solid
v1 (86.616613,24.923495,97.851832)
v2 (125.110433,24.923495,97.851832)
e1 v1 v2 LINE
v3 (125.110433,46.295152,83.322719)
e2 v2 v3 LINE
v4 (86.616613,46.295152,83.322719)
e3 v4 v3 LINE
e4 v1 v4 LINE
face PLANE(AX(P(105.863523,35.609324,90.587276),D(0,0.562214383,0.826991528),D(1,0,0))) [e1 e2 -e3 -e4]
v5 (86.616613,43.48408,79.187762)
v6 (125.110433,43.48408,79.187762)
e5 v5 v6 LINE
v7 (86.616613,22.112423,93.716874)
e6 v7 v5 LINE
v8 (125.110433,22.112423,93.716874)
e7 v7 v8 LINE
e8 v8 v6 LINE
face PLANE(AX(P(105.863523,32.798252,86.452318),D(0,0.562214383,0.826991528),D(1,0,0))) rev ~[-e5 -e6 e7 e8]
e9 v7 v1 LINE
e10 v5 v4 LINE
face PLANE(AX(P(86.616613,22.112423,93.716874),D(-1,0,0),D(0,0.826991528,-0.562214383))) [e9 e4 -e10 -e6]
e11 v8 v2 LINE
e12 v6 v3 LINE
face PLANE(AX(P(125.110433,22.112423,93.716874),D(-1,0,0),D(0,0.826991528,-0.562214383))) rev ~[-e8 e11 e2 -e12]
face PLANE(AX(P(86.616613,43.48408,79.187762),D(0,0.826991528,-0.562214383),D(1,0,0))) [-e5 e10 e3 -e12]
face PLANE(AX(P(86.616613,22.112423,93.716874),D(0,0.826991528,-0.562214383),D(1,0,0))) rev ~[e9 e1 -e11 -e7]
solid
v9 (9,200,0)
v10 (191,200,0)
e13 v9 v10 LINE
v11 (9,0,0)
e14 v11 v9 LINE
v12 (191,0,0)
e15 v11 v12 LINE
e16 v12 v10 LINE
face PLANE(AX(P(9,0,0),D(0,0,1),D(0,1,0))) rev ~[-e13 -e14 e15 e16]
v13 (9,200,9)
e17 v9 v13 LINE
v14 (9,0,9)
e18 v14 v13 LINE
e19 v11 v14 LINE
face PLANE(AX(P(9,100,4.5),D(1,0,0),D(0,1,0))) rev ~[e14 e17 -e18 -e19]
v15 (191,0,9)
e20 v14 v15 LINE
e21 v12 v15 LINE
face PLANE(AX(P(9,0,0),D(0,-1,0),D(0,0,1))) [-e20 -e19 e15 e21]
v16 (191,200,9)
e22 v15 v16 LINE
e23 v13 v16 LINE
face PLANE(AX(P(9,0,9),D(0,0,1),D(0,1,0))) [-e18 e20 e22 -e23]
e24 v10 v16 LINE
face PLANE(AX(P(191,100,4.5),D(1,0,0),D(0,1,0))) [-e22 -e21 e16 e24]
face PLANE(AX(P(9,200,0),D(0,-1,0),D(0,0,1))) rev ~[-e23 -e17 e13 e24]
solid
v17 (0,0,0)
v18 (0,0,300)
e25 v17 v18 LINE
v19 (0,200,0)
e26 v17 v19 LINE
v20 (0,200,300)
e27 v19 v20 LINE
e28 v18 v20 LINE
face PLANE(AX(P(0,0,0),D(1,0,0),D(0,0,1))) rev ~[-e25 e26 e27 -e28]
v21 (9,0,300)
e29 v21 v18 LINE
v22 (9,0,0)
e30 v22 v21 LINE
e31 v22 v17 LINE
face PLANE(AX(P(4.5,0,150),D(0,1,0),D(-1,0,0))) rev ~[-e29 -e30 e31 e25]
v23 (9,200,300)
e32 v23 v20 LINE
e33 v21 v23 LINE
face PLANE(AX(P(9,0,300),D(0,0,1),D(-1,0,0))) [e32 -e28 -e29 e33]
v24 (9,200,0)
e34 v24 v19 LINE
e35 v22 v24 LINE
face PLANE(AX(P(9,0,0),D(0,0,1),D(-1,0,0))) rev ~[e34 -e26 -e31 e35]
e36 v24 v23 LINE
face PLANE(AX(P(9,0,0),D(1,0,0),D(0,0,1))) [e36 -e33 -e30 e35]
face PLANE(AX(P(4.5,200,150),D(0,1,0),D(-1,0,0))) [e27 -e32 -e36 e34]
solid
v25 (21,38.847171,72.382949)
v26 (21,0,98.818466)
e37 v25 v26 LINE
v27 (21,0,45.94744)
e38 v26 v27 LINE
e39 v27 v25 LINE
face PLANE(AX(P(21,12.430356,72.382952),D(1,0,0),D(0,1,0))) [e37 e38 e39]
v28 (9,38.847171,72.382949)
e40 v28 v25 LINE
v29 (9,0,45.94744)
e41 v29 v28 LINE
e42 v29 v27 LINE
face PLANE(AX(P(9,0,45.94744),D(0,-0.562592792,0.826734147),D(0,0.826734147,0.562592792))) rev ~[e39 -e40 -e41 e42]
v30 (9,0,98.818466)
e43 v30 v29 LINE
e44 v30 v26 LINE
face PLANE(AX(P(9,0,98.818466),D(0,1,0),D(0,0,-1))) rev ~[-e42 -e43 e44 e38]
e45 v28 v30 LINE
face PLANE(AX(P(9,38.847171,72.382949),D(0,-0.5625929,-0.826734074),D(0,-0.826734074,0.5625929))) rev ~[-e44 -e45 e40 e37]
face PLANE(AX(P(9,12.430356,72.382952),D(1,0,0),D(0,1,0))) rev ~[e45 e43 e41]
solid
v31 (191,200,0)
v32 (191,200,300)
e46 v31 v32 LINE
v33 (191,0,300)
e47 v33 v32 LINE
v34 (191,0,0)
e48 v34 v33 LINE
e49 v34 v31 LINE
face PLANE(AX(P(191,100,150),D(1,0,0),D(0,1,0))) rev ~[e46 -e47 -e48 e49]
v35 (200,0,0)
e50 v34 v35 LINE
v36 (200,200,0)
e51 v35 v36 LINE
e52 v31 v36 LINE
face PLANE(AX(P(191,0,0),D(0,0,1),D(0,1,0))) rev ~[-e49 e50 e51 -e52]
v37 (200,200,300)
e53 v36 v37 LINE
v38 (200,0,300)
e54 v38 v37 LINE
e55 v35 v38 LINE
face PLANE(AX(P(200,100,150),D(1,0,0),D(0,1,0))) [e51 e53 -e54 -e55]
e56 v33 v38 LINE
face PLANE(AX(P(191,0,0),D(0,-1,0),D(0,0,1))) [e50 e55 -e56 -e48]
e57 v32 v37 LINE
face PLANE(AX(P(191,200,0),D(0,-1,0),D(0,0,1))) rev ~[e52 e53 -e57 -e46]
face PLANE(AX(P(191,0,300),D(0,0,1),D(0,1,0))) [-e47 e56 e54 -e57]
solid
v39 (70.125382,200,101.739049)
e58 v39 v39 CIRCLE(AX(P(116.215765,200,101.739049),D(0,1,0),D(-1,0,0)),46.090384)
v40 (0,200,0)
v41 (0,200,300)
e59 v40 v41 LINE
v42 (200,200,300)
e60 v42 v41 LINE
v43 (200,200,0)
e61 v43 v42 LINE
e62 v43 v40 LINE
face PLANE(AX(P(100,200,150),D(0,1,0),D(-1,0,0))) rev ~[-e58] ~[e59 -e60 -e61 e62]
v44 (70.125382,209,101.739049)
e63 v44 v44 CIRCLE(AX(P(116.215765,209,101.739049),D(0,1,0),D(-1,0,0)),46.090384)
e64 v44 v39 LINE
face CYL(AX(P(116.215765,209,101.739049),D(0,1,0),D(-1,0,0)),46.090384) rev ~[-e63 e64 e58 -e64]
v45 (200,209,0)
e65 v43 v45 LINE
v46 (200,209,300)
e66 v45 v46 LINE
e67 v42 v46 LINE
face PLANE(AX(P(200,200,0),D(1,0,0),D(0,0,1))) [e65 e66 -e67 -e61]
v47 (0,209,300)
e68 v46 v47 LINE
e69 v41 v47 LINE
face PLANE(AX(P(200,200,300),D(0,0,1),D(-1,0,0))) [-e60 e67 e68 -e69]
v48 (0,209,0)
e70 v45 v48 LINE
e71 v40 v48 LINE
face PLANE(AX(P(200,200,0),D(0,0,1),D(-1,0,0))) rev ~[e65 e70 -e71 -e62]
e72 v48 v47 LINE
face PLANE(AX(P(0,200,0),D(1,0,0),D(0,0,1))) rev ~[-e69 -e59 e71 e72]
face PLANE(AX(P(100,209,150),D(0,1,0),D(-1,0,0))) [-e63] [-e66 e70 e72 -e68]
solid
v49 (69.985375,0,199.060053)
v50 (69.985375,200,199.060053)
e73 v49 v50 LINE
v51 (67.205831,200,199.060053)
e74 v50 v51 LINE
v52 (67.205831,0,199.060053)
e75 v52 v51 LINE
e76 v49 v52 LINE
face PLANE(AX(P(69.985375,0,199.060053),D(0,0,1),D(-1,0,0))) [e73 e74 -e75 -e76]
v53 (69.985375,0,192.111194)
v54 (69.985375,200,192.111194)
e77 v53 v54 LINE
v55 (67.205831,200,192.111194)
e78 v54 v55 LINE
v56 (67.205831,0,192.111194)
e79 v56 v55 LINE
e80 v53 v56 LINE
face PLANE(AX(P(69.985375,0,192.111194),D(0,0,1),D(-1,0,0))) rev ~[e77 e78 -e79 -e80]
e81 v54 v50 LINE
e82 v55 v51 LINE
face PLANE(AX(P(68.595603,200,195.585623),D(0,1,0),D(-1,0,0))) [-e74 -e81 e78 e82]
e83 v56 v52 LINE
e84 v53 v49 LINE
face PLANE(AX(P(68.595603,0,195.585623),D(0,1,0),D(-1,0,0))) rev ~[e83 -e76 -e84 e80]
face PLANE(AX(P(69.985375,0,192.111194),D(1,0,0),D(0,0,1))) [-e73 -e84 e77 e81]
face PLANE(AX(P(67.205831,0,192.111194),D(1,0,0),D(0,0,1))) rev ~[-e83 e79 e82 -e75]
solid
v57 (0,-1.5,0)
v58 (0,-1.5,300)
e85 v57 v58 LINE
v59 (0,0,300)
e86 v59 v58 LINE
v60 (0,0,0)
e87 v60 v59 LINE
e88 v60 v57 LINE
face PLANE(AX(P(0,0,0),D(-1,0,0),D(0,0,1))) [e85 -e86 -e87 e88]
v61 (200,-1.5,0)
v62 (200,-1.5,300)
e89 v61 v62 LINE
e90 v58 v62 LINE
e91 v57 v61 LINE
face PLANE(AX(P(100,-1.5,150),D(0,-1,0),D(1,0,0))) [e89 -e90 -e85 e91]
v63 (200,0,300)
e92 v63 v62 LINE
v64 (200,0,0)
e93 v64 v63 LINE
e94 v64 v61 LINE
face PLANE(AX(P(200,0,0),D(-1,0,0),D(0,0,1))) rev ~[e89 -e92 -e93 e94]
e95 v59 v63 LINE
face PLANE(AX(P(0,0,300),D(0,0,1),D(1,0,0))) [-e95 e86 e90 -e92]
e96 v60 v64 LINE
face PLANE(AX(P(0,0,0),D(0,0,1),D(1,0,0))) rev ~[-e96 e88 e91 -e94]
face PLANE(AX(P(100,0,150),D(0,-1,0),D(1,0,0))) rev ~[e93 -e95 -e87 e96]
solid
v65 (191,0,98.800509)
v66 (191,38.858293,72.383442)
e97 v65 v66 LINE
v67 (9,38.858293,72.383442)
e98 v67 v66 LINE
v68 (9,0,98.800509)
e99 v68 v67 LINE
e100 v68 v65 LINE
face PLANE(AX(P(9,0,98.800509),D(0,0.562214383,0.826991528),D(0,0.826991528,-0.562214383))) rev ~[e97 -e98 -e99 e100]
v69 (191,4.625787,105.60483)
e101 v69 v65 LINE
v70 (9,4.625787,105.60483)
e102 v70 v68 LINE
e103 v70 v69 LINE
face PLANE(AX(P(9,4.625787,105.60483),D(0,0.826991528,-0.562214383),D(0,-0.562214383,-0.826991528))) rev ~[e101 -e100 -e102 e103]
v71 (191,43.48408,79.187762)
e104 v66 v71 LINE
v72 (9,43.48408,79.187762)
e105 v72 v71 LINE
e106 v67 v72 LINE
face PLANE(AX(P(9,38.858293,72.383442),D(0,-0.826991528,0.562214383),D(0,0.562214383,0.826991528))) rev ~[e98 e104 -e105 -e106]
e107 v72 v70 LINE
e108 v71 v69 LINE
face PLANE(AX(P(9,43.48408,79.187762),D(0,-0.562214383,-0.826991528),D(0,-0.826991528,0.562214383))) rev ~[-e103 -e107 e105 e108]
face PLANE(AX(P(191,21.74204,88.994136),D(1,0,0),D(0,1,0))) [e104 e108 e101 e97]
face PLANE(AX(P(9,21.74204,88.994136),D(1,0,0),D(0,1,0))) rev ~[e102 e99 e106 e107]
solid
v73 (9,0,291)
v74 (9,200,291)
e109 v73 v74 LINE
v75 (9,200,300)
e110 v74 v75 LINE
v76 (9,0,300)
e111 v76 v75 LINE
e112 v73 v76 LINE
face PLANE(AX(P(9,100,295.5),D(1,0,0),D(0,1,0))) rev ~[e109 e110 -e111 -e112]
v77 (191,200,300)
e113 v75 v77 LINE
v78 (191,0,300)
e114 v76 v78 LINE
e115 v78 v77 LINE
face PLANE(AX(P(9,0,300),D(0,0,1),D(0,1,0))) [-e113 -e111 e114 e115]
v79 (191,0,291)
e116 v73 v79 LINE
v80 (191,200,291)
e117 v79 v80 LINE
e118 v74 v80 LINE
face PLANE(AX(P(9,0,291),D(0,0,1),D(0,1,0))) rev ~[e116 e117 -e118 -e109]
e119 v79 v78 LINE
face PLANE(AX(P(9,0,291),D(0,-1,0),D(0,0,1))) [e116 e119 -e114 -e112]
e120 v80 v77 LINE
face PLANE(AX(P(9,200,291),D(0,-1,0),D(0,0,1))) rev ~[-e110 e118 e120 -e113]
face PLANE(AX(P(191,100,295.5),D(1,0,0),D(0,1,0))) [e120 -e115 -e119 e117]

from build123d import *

# Parameters (mm, degrees)
F0_W      = 200
F0_H      = 300
F1_DEPTH  = 1.5
F2_W      = 9
F2_H      = 300
F3_DEPTH  = 200
F2_W_2    = 2.7795433998
F2_H_2    = 6.9488584995
F5_DEPTH  = 12
F7_DEPTH  = 182
F8_W      = 38.4938195348
F8_H      = 25.8426551498
F9_DEPTH  = 5
F10_W     = 200
F10_H     = 9
F11_DEPTH = 182
F12_W     = 200
F12_H     = 9
F13_DEPTH = 182
F14_W     = 200
F14_H     = 300
F15_DEPTH = 9
F16_W     = 200
F16_H     = 300
F17_DEPTH = 9
F18_R     = 46.0903835616
F19_DEPTH = 9


with BuildPart() as f1:
    # F0 (on Front) → F1 (new body)
    with BuildSketch(Plane.XZ):
        with Locations((100, 150)):
            Rectangle(F0_W, F0_H)
    extrude(amount=F1_DEPTH)


with BuildPart() as f3:
    # F2 (on face) → F3 (new body)
    with BuildSketch(Plane(origin=(0, 0, 0), x_dir=(-1, 0, 0), z_dir=(0, 1, 0))):
        with Locations((-4.5, 150)):
            Rectangle(F2_W, F2_H)
    extrude(amount=F3_DEPTH)


with BuildPart() as f3b:
    # F2 (on face) → F3, piece 2 (new body)
    with BuildSketch(Plane(origin=(0, 0, 0), x_dir=(-1, 0, 0), z_dir=(0, 1, 0))):
        with Locations((-68.5956031084, 195.5856233835)):
            Rectangle(F2_W_2, F2_H_2)
    extrude(amount=F3_DEPTH)


with BuildPart() as f5:
    # F4 (on face) → F5 (new body)
    with BuildSketch(Plane.YZ.offset(9)):
        Polygon((38.8471707702, 72.3829492927), (0, 98.8184660673), (0, 45.9474399686), align=None)
    extrude(amount=F5_DEPTH)


with BuildPart() as f7:
    # F6 (on face) → F7 (new body)
    with BuildSketch(Plane.YZ.offset(9)):
        Polygon((0, 98.8005093836), (38.8582931021, 72.3834415504), (43.4840800956, 79.1877616951), (4.6257869935, 105.6048295283), align=None)
    extrude(amount=F7_DEPTH)


with BuildPart() as f9:
    # F8 (on face) → F9 (new body)
    with BuildSketch(Plane(origin=(0, 50.5627411744, 74.3754692613), x_dir=(1, 0, 0), z_dir=(0, 0.5622143833, 0.8269915279))):
        with Locations((105.8635227382, -21.4808603388)):
            Rectangle(F8_W, F8_H)
    extrude(amount=F9_DEPTH)


with BuildPart() as f11:
    # F10 (on face) → F11 (new body)
    with BuildSketch(Plane.YZ.offset(9)):
        with Locations((100, 295.5)):
            Rectangle(F10_W, F10_H)
    extrude(amount=F11_DEPTH)


with BuildPart() as f13:
    # F12 (on face) → F13 (new body)
    with BuildSketch(Plane.YZ.offset(9)):
        with Locations((100, 4.5)):
            Rectangle(F12_W, F12_H)
    extrude(amount=F13_DEPTH)


with BuildPart() as f15:
    # F14 (on face) → F15 (new body)
    with BuildSketch(Plane.YZ.offset(191)):
        with Locations((100, 150)):
            Rectangle(F14_W, F14_H)
    extrude(amount=F15_DEPTH)


with BuildPart() as f17:
    # F16 (on face) → F17 (new body)
    with BuildSketch(Plane(origin=(0, 200, 0), x_dir=(-1, 0, 0), z_dir=(0, 1, 0))):
        with Locations((-100, 150)):
            Rectangle(F16_W, F16_H)
    extrude(amount=F17_DEPTH)

    # F18 (on face) → F19 (cut)
    with BuildSketch(Plane(origin=(0, 209, 0), x_dir=(-1, 0, 0), z_dir=(0, 1, 0))):
        with Locations((-116.2157654762, 101.7390489578)):
            Circle(F18_R)
    extrude(amount=-F19_DEPTH, mode=Mode.SUBTRACT)


solid = Compound([f1.part, f3.part, f3b.part, f5.part, f7.part, f9.part, f11.part, f13.part, f15.part, f17.part])
